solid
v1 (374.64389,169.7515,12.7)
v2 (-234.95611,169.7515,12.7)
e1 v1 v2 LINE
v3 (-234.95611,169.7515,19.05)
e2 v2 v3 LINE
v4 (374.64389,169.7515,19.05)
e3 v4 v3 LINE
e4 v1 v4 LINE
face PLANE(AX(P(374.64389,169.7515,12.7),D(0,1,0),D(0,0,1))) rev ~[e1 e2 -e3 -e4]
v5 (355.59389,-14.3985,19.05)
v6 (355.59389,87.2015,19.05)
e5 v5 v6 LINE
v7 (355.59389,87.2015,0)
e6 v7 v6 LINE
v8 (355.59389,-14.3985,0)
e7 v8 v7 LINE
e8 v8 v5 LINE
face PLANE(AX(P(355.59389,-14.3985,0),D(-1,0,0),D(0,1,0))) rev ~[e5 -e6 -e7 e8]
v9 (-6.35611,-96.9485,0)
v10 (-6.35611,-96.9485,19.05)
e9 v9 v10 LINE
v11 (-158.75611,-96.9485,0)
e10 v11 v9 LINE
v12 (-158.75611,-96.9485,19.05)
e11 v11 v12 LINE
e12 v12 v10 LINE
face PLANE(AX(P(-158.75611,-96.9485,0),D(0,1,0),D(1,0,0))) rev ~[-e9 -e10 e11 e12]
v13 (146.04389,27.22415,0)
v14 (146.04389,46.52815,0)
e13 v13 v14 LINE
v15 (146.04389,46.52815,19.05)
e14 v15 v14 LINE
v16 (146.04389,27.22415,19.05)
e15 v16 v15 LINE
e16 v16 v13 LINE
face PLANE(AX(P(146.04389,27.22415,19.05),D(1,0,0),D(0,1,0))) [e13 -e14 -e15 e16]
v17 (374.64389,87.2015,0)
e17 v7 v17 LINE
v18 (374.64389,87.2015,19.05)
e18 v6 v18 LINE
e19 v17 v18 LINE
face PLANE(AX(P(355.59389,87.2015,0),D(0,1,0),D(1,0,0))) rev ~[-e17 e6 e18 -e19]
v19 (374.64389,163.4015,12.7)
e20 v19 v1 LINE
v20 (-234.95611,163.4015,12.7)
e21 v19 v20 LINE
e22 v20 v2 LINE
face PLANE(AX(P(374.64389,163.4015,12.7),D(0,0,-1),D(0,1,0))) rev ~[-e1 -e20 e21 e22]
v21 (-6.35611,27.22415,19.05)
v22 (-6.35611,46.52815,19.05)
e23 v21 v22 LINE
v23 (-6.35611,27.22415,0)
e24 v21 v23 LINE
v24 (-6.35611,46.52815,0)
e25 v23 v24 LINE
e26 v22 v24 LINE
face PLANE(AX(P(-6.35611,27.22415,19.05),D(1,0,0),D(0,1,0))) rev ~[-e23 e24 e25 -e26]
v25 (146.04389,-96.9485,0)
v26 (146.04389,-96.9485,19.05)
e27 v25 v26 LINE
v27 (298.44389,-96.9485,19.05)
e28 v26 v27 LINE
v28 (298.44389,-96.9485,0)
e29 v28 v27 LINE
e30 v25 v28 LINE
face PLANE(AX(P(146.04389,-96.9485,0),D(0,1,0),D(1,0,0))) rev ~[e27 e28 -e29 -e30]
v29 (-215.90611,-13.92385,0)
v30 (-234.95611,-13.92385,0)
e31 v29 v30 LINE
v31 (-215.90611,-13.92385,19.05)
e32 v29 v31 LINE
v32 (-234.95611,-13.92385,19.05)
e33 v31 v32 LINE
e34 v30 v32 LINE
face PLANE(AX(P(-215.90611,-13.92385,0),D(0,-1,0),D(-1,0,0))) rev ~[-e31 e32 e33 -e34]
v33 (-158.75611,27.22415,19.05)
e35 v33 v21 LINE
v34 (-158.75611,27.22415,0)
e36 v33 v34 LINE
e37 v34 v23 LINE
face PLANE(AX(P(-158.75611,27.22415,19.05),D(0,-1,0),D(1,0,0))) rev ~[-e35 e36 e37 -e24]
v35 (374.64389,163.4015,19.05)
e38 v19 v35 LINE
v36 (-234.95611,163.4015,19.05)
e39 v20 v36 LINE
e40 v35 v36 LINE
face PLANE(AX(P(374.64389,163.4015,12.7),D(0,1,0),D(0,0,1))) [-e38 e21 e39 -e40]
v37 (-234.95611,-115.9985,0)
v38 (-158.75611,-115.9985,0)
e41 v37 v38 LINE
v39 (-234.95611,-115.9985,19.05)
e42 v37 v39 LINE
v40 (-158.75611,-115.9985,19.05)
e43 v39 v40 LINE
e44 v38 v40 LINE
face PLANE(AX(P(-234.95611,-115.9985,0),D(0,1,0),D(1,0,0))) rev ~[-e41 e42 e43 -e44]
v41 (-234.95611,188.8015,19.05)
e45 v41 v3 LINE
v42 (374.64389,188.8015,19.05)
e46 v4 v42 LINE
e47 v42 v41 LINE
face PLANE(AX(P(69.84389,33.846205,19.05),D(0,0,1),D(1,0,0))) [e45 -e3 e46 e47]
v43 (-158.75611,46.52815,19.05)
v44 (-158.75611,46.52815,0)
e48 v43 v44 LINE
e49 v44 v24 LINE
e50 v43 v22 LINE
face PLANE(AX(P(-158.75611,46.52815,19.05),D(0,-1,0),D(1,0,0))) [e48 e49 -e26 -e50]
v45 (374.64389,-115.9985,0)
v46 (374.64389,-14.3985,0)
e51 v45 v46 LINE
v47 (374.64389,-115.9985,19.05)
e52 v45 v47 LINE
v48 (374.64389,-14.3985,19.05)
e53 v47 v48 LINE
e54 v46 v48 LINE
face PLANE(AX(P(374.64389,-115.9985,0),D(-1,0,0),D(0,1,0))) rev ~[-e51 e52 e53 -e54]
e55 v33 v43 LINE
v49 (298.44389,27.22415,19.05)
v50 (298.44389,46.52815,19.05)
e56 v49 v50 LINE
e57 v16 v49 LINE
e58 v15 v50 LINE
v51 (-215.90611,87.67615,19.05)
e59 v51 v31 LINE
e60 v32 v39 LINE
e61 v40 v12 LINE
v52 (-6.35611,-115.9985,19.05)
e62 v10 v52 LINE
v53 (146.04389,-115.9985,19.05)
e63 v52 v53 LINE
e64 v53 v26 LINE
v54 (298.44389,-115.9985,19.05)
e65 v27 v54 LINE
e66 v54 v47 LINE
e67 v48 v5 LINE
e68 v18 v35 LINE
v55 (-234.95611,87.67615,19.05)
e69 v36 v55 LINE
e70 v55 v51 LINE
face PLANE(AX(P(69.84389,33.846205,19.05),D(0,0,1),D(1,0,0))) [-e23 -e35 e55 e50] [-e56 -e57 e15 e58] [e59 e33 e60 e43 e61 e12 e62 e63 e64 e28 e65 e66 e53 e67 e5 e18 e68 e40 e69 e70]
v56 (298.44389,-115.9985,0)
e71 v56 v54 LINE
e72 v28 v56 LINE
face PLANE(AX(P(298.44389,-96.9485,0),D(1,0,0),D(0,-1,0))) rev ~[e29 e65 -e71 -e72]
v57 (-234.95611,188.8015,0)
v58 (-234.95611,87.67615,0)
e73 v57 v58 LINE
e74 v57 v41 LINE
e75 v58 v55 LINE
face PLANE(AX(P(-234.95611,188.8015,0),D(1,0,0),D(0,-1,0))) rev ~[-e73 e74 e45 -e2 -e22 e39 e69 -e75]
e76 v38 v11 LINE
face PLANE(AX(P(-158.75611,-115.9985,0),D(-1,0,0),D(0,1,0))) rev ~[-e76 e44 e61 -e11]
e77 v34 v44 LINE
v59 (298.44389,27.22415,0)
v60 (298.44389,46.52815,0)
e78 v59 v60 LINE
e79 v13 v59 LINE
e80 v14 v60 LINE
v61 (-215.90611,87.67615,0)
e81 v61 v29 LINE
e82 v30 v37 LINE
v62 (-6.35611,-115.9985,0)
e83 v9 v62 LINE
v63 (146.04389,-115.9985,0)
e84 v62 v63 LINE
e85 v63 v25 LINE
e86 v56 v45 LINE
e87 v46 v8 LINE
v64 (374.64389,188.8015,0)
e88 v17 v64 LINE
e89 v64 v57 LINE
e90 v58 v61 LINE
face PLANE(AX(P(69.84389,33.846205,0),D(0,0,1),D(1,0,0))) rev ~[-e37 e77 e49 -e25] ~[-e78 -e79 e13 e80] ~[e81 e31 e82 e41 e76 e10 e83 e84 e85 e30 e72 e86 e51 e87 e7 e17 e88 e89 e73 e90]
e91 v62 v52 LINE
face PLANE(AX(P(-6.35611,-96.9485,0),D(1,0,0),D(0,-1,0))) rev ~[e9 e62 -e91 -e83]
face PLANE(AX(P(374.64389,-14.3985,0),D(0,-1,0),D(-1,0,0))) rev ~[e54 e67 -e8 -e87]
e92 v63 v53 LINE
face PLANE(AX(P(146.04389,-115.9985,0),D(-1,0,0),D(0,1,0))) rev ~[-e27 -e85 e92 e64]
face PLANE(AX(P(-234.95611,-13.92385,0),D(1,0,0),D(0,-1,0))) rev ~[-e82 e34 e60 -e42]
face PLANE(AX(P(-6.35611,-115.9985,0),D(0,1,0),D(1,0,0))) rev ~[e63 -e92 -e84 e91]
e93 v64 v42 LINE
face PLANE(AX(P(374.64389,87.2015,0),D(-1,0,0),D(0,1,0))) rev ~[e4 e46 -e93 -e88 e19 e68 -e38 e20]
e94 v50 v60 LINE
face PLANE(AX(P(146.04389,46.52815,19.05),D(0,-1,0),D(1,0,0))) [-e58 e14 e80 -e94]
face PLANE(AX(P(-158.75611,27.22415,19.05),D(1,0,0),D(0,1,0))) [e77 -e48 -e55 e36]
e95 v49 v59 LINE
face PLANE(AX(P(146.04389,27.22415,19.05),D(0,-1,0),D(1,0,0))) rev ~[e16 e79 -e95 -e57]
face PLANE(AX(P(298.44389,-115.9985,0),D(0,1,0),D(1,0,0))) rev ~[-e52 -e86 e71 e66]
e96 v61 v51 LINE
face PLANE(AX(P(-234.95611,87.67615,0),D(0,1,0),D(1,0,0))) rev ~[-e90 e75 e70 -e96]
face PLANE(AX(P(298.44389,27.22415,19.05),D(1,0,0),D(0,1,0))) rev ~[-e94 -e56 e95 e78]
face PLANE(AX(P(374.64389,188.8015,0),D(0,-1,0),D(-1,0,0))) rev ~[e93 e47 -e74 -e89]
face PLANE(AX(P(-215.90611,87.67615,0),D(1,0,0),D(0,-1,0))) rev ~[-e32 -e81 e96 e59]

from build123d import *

# Parameters (mm, degrees)
F1_DEPTH = 19.05
F2_W     = 152.4
F2_H     = 19.304
F3_DEPTH = 19.051
F4_W     = 6.35
F4_H     = 6.35
F5_DEPTH = 609.601


with BuildPart() as f1:
    # F0 (on Top) → F1 (new body)
    with BuildSketch(Plane.XY):
        Polygon((-158.75611, 188.8015), (-234.95611, 188.8015), (-234.95611, 87.67615), (-215.90611, 87.67615), (-215.90611, -13.92385), (-234.95611, -13.92385), (-234.95611, -115.9985), (-158.75611, -115.9985), (-158.75611, -96.9485), (-6.35611, -96.9485), (-6.35611, -115.9985), (146.04389, -115.9985), (146.04389, -96.9485), (298.44389, -96.9485), (298.44389, -115.9985), (374.64389, -115.9985), (374.64389, -14.3985), (355.59389, -14.3985), (355.59389, 87.2015), (374.64389, 87.2015), (374.64389, 188.8015), (298.44389, 188.8015), align=None)
    extrude(amount=F1_DEPTH)

    # F2 (on face) → F3 (cut, through all)
    with BuildSketch(Plane.XY.offset(19.05)):
        with Locations((-82.55611, 36.87615)):
            Rectangle(F2_W, F2_H)
        with Locations((222.24389, 36.87615)):
            Rectangle(F2_W, F2_H)
    extrude(amount=-F3_DEPTH, mode=Mode.SUBTRACT)

    # F4 (on face) → F5 (cut, through all)
    with BuildSketch(Plane.YZ.offset(374.64389)):
        with Locations((166.5765, 15.875)):
            Rectangle(F4_W, F4_H)
    extrude(amount=-F5_DEPTH, mode=Mode.SUBTRACT)


solid = f1.part
